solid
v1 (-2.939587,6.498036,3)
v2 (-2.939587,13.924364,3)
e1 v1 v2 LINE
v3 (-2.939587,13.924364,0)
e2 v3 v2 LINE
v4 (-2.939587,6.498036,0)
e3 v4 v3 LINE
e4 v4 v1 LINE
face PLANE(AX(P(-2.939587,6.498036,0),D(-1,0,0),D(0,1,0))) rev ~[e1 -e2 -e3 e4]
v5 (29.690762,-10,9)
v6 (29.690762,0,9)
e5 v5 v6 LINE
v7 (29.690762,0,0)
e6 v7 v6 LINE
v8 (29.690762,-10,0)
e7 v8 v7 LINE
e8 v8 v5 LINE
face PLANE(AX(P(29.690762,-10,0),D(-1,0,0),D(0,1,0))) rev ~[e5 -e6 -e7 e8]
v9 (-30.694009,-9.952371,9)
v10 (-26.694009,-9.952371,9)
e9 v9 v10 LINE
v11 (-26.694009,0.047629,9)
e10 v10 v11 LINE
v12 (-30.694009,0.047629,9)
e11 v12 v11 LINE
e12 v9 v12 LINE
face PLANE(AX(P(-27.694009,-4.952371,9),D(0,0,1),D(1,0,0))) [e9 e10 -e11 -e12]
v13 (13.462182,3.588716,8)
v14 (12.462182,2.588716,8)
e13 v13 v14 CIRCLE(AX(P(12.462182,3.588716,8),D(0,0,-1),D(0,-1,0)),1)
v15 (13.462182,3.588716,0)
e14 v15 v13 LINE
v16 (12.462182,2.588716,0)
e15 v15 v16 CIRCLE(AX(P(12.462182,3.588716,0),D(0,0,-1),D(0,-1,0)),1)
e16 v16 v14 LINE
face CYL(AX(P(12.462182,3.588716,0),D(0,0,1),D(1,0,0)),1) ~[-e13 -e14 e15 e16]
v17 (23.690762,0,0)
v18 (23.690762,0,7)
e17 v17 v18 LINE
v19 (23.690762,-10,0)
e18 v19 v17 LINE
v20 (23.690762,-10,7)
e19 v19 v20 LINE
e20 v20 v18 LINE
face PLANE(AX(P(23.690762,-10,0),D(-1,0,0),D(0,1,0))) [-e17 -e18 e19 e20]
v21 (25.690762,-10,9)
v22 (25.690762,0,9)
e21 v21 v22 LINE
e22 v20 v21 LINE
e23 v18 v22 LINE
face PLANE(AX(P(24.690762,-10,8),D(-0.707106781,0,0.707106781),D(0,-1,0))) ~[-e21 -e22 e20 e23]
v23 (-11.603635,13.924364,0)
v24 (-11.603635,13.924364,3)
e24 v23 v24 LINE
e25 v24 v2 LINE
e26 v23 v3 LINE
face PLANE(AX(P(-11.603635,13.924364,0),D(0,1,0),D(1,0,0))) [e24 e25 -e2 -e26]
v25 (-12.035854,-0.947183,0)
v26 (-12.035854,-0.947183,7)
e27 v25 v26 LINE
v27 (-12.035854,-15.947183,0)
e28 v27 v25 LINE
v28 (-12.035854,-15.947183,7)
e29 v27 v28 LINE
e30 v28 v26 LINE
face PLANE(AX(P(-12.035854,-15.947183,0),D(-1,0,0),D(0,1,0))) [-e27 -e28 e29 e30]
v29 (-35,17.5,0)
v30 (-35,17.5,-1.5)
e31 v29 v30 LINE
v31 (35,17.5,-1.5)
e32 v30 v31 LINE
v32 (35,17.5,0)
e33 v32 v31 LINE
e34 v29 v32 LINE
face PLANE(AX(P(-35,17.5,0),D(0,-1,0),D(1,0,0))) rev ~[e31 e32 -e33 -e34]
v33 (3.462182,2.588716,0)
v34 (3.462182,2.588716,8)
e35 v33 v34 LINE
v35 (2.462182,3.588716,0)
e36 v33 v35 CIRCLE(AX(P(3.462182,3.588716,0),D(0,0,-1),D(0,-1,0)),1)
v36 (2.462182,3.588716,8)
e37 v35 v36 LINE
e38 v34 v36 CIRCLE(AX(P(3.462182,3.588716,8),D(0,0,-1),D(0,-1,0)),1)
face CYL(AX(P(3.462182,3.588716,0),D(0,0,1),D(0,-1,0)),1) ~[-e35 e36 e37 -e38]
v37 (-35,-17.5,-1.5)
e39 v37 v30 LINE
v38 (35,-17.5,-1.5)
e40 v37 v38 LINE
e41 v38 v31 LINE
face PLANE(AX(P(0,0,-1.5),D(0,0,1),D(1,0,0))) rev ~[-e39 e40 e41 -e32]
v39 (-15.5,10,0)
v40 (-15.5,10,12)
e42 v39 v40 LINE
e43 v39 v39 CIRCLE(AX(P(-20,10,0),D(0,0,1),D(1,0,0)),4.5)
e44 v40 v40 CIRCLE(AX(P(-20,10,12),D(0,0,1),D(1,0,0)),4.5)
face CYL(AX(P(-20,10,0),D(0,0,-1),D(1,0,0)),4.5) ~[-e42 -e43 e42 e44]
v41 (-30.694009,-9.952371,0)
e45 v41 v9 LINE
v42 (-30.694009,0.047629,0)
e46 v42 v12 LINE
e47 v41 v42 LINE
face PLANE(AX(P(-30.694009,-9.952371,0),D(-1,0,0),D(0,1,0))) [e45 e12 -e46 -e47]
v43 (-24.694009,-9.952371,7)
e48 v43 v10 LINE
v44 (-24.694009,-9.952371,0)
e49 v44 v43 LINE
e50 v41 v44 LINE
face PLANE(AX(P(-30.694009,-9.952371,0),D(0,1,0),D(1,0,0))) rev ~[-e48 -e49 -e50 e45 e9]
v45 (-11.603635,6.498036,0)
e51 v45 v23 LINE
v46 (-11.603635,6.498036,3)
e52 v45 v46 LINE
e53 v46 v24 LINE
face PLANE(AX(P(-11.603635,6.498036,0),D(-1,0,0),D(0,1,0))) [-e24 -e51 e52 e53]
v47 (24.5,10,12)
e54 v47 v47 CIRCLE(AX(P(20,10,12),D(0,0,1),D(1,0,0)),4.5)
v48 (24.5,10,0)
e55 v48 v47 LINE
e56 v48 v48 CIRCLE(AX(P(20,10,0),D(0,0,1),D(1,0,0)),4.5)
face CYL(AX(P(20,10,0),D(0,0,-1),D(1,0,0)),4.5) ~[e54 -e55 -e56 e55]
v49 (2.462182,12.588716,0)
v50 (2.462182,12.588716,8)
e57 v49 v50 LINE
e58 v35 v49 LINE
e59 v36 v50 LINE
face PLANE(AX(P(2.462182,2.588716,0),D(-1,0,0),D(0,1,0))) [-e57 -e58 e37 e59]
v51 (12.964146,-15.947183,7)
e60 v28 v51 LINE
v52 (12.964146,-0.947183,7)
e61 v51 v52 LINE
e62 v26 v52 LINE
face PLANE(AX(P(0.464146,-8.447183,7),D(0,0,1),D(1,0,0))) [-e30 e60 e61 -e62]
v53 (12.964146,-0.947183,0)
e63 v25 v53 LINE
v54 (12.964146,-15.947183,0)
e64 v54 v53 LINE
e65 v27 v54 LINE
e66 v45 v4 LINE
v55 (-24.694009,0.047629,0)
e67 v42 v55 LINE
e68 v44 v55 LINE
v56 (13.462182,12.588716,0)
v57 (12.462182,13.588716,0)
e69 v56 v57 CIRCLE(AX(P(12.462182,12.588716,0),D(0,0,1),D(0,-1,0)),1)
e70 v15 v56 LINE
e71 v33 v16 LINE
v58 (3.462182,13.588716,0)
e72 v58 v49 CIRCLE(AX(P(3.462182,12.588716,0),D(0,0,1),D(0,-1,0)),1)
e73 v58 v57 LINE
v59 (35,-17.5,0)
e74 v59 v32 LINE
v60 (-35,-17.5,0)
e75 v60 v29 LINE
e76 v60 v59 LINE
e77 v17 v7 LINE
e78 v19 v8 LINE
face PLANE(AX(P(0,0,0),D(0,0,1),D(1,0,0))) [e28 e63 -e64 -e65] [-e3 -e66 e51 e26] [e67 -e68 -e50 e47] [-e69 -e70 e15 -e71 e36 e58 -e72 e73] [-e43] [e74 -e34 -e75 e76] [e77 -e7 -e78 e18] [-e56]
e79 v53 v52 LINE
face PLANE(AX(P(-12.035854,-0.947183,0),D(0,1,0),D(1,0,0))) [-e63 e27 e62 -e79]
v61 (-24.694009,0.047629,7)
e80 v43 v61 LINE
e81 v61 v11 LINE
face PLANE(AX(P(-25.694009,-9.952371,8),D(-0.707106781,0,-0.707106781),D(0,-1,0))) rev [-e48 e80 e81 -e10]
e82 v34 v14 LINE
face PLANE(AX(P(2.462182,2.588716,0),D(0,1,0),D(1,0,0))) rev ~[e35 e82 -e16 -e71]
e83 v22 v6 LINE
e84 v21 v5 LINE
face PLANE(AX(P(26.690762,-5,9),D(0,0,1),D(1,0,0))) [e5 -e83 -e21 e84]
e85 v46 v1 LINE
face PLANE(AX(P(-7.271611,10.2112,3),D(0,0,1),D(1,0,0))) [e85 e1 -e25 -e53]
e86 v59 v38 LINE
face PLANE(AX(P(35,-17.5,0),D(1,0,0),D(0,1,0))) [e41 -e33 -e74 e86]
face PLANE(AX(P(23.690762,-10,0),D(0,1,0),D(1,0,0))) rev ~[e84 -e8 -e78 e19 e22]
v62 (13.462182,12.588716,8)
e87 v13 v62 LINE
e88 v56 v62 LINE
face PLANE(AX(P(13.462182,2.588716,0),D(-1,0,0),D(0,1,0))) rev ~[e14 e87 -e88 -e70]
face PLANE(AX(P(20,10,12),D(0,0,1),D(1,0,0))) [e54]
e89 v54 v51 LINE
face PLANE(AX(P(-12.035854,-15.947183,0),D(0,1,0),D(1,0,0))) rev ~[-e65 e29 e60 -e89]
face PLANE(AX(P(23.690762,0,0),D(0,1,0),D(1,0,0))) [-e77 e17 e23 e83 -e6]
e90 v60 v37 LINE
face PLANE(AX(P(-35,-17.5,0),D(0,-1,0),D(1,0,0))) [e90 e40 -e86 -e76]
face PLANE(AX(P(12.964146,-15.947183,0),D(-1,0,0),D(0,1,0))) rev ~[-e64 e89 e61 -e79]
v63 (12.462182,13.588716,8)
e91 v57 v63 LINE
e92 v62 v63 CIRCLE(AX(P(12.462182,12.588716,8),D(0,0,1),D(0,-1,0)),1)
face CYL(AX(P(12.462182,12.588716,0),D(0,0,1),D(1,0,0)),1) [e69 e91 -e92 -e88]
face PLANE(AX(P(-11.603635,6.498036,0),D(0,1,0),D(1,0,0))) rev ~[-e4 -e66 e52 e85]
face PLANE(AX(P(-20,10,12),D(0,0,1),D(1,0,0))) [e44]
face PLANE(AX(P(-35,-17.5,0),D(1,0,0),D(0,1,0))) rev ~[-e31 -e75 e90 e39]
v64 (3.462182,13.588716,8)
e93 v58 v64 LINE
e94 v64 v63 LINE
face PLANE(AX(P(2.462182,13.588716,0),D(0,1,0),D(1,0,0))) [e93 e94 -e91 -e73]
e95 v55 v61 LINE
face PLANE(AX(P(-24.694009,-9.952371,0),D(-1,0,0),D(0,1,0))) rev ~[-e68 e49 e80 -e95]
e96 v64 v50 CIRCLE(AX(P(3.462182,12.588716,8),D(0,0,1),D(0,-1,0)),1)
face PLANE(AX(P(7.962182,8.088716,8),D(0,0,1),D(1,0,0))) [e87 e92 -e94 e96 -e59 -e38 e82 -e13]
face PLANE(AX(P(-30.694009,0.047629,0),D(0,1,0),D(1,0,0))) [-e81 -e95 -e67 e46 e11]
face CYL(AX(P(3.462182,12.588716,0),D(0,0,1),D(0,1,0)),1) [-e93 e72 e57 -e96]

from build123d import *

# Parameters (mm, degrees)
F0_W      = 70
F0_H      = 35
F1_DEPTH  = 1.5
F2_R      = 4.5
F3_DEPTH  = 12
F4_W      = 8.664048
F4_H      = 7.426328
F5_DEPTH  = 3
F6_W      = 11
F6_H      = 11
F7_DEPTH  = 8
F8_R      = 1
F9_R      = 1
F10_W     = 25
F10_H     = 15
F11_DEPTH = 7
F12_W     = 6
F12_H     = 10
F13_DEPTH = 9
F14_SIZE  = 2
F15_SIZE  = 2


with BuildPart() as f1:
    # F0 (on Top) → F1 (new body)
    with BuildSketch(Plane.XY):
        Rectangle(F0_W, F0_H)
    extrude(amount=-F1_DEPTH)

    # F2 (on Top) → F3 (join)
    with BuildSketch(Plane.XY):
        with Locations((-20, 10)):
            Circle(F2_R)
        with Locations((20, 10)):
            Circle(F2_R)
    extrude(amount=F3_DEPTH)

    # F4 (on Top) → F5 (join)
    with BuildSketch(Plane.XY):
        with Locations((-7.271611, 10.2112)):
            Rectangle(F4_W, F4_H)
    extrude(amount=F5_DEPTH)

    # F6 (on Top) → F7 (join)
    with BuildSketch(Plane.XY):
        with Locations((7.962182, 8.088716)):
            Rectangle(F6_W, F6_H)
    extrude(amount=F7_DEPTH)

    # F8
    f8_edges = [f1.edges().sort_by_distance(p)[0] for p in [
        (13.462182, 13.588716, 4),
    ]]
    fillet(f8_edges, radius=F8_R)

    # F9
    f9_edges = [f1.edges().sort_by_distance(p)[0] for p in [
        (2.462182, 2.588716, 4),
        (13.462182, 2.588716, 4),
        (2.462182, 13.588716, 4),
    ]]
    fillet(f9_edges, radius=F9_R)

    # F10 (on Top) → F11 (join)
    with BuildSketch(Plane.XY):
        with Locations((0.464146, -8.447183)):
            Rectangle(F10_W, F10_H)
    extrude(amount=F11_DEPTH)

    # F12 (on Top) → F13 (join)
    with BuildSketch(Plane.XY):
        with Locations((26.690762, -5)):
            Rectangle(F12_W, F12_H)
        with Locations((-27.694009, -4.952371)):
            Rectangle(F12_W, F12_H)
    extrude(amount=F13_DEPTH)

    # F14
    f14_edges = [f1.edges().sort_by_distance(p)[0] for p in [
        (-24.694009, -4.952371, 9),
    ]]
    chamfer(f14_edges, length=F14_SIZE)

    # F15
    f15_edges = [f1.edges().sort_by_distance(p)[0] for p in [
        (23.690762, -5, 9),
    ]]
    chamfer(f15_edges, length=F15_SIZE)


solid = f1.part
